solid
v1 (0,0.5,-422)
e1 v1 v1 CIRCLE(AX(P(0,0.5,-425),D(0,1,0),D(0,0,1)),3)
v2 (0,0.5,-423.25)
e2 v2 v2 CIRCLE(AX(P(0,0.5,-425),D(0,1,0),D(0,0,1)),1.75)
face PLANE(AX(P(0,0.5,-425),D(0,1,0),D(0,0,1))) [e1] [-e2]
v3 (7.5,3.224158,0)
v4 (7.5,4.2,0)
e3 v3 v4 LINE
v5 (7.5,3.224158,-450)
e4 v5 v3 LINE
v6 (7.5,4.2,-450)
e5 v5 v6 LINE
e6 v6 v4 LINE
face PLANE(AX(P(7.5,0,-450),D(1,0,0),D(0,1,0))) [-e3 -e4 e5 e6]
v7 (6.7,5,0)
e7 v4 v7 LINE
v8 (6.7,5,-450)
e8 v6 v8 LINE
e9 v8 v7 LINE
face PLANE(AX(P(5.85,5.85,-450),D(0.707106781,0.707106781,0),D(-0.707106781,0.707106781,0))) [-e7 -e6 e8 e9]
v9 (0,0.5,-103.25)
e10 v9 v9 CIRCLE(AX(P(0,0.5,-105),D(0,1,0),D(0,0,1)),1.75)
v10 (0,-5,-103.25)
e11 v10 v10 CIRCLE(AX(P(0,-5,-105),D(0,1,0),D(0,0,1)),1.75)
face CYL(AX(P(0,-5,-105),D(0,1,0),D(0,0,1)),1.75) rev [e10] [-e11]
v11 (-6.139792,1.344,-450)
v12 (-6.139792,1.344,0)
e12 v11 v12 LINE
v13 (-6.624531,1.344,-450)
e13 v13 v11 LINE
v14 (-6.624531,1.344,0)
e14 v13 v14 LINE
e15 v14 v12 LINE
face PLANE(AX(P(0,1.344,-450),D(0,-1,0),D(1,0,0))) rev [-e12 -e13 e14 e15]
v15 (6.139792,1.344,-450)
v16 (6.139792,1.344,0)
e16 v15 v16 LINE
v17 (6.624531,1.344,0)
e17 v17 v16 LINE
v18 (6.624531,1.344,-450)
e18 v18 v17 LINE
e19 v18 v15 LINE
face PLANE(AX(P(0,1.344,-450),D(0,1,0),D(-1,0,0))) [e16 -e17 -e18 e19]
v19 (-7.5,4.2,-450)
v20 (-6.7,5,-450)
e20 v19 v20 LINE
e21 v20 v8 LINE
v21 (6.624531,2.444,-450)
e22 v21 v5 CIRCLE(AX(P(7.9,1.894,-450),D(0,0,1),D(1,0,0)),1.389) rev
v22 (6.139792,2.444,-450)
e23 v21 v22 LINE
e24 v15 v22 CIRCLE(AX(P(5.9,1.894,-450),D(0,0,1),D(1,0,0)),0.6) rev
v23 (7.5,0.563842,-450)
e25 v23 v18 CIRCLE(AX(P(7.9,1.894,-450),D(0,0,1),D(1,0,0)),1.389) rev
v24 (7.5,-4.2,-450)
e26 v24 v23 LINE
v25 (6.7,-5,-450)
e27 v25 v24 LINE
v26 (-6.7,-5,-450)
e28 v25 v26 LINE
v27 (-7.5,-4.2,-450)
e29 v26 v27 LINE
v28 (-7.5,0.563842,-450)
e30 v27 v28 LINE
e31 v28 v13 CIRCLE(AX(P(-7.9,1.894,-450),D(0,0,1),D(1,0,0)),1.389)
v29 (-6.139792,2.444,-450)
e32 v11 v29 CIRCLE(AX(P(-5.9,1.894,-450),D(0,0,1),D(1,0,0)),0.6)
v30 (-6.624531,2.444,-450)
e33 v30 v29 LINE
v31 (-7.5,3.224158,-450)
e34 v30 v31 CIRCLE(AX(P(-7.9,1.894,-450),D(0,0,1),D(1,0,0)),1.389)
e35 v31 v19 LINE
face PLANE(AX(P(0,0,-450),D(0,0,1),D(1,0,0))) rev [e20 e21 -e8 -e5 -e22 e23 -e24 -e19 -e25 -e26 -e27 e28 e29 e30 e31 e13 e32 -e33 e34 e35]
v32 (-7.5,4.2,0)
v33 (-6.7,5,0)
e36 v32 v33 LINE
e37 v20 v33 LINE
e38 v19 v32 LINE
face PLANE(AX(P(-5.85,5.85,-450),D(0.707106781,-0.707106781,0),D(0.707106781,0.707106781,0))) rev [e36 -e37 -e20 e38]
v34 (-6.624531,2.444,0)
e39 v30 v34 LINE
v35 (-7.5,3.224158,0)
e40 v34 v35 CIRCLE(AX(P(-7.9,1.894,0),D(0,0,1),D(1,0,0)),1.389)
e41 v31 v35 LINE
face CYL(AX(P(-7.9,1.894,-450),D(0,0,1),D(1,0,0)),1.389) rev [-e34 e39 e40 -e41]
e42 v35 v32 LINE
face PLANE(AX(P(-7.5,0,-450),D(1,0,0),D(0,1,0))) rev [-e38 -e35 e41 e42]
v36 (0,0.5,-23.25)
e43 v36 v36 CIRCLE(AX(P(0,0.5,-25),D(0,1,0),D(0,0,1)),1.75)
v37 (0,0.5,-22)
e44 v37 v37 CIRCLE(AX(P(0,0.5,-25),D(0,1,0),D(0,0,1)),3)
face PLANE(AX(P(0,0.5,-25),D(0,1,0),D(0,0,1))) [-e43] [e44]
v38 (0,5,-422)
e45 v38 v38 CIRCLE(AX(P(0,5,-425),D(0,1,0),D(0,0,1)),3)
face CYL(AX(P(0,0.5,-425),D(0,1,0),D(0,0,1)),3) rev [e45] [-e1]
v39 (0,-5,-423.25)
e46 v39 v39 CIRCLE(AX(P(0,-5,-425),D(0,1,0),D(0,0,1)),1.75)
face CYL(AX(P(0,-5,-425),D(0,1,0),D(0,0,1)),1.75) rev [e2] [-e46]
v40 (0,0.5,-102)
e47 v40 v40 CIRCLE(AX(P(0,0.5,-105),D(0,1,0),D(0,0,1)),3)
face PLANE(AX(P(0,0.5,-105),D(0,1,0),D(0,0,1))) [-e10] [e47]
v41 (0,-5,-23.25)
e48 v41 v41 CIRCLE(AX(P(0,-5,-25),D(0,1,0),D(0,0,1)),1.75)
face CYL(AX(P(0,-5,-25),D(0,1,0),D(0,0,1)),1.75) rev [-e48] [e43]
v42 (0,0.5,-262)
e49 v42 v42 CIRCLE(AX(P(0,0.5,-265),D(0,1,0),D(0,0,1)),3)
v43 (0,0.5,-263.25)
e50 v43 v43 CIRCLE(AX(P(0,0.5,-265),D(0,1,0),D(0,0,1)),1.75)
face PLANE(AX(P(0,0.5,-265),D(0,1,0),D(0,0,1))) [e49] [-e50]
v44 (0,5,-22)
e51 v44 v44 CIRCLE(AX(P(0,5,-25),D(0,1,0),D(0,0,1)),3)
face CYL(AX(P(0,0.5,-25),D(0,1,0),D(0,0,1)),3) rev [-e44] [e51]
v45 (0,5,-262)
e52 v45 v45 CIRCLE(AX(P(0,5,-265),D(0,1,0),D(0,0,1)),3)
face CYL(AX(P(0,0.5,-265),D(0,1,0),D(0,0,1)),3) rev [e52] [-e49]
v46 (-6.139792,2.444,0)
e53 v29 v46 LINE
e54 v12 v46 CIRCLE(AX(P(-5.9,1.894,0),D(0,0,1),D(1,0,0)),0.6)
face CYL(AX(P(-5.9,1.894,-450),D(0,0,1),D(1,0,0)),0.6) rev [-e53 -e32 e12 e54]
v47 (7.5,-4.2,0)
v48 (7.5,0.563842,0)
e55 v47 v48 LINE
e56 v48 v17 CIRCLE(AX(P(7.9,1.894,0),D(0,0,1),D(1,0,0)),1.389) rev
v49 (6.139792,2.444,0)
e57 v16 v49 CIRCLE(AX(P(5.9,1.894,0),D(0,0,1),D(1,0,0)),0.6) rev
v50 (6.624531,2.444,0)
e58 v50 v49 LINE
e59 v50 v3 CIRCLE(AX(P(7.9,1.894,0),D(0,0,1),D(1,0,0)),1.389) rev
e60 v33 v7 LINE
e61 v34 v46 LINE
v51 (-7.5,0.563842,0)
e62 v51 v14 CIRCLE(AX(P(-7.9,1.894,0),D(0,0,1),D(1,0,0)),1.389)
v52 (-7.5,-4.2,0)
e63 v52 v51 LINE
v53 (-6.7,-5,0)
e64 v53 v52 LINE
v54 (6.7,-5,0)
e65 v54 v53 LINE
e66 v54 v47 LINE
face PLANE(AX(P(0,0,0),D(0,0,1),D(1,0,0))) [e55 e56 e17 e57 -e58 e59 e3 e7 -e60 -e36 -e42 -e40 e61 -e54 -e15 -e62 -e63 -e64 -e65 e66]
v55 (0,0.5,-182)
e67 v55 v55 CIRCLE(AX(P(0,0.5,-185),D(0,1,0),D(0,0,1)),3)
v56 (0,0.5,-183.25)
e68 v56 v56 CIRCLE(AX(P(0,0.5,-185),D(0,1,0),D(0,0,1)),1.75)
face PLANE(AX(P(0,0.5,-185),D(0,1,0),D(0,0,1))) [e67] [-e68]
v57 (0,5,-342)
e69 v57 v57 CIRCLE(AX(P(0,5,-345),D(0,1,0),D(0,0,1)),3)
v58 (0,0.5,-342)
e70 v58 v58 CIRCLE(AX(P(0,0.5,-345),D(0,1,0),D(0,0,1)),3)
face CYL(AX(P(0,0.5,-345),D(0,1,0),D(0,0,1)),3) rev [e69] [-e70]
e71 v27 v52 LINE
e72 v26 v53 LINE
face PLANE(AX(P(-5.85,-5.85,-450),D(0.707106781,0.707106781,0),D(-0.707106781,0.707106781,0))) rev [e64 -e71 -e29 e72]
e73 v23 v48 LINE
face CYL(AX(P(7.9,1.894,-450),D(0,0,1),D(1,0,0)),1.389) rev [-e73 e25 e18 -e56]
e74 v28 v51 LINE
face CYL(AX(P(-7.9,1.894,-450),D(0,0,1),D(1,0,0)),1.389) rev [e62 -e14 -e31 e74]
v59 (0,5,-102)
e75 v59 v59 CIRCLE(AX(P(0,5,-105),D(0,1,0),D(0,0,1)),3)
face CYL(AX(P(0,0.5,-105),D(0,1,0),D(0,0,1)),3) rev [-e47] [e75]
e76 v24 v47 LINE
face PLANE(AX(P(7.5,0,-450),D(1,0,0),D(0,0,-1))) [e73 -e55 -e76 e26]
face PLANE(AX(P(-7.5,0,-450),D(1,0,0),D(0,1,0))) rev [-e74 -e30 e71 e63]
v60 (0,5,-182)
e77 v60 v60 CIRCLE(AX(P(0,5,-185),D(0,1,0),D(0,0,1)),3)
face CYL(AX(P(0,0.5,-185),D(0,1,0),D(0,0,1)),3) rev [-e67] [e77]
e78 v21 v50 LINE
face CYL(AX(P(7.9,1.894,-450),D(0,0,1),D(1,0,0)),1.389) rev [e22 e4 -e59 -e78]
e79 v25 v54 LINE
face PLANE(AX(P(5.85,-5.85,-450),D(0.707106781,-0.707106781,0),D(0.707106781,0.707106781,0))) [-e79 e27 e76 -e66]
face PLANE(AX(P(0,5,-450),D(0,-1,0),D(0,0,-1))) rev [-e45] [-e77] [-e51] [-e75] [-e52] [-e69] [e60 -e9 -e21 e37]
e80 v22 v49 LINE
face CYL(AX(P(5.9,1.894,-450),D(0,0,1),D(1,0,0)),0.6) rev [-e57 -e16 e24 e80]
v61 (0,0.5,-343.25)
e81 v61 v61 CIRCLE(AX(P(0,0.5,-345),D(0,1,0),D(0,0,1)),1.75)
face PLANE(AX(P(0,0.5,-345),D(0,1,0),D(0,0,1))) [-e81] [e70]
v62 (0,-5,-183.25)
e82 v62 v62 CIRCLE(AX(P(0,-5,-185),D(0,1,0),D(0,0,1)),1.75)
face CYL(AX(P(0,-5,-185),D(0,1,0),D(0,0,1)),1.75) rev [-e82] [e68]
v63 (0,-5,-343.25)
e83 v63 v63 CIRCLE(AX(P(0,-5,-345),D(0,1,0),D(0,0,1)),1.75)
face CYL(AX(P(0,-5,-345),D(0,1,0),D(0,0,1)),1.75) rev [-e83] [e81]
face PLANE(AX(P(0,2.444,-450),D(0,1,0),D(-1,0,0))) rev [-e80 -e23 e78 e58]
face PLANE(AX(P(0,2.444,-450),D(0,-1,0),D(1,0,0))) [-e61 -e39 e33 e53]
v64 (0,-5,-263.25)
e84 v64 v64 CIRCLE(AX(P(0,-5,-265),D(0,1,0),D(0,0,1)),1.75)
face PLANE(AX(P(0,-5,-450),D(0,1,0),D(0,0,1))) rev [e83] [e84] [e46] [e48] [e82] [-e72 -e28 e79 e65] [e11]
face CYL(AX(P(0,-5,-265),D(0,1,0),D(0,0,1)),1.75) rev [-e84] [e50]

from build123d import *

# Parameters (mm, degrees)
BOSS_EXTRUDE1_DEPTH = 450
SKETCH2_R           = 3
CUT_EXTRUDE1_DEPTH  = 4.5
SKETCH3_R           = 1.75
CUT_EXTRUDE2_DEPTH  = 451.09610085
LPATTERN1_COUNT     = 6
LPATTERN1_PITCH     = 80


with BuildPart() as part:
    # Sketch1 → Boss-Extrude1 (new body)
    with BuildSketch(Plane.XY):
        with BuildLine():
            Line((6.624531067, 2.444), (6.139791576, 2.444))
            ThreePointArc((6.139791576, 2.444), (5.3, 1.894), (6.139791576, 1.344))
            Line((6.139791576, 1.344), (6.624531067, 1.344))
            ThreePointArc((6.624531067, 1.344), (6.975900024, 0.857004226), (7.5, 0.563841739))
            Line((7.5, 0.563841739), (7.5, -4.2))
            Line((7.5, -4.2), (6.7, -5))
            Line((6.7, -5), (-6.7, -5))
            Line((-6.7, -5), (-7.5, -4.2))
            Line((-7.5, -4.2), (-7.5, 0.563841739))
            ThreePointArc((-7.5, 0.563841739), (-6.975900024, 0.857004226), (-6.624531067, 1.344))
            Line((-6.624531067, 1.344), (-6.139791576, 1.344))
            ThreePointArc((-6.139791576, 1.344), (-5.3, 1.894), (-6.139791576, 2.444))
            Line((-6.139791576, 2.444), (-6.624531067, 2.444))
            ThreePointArc((-6.624531067, 2.444), (-6.975900024, 2.930995774), (-7.5, 3.224158261))
            Line((-7.5, 3.224158261), (-7.5, 4.2))
            Line((-7.5, 4.2), (-6.7, 5))
            Line((-6.7, 5), (6.7, 5))
            Line((6.7, 5), (7.5, 4.2))
            Line((7.5, 4.2), (7.5, 3.224158261))
            ThreePointArc((7.5, 3.224158261), (6.975900024, 2.930995774), (6.624531067, 2.444))
        make_face()
    extrude(amount=-BOSS_EXTRUDE1_DEPTH)

    # Sketch2 → Cut-Extrude1 (cut)
    with BuildSketch(Plane(origin=(0, 5, 0), x_dir=(1, 0, 0), z_dir=(0, 1, 0))):
        with Locations(Location((0, 25, 0), (0, 0, 270))):
            Circle(SKETCH2_R)
    cut_extrude1 = extrude(amount=-CUT_EXTRUDE1_DEPTH, mode=Mode.SUBTRACT)

    # Sketch3 → Cut-Extrude2 (cut, through all)
    with BuildSketch(Plane(origin=(0, 0.5, 0), x_dir=(1, 0, 0), z_dir=(0, 1, 0))):
        with Locations(Location((0, 25, 0), (0, 0, 270))):
            Circle(SKETCH3_R)
    cut_extrude2 = extrude(amount=-CUT_EXTRUDE2_DEPTH, mode=Mode.SUBTRACT)

    # LPattern1: Cut-Extrude1, Cut-Extrude2 ×6
    with Locations(*[(0, 0, -i * LPATTERN1_PITCH) for i in range(1, LPATTERN1_COUNT)]):
        add(cut_extrude1, mode=Mode.SUBTRACT)
        add(cut_extrude2, mode=Mode.SUBTRACT)


solid = part.part
